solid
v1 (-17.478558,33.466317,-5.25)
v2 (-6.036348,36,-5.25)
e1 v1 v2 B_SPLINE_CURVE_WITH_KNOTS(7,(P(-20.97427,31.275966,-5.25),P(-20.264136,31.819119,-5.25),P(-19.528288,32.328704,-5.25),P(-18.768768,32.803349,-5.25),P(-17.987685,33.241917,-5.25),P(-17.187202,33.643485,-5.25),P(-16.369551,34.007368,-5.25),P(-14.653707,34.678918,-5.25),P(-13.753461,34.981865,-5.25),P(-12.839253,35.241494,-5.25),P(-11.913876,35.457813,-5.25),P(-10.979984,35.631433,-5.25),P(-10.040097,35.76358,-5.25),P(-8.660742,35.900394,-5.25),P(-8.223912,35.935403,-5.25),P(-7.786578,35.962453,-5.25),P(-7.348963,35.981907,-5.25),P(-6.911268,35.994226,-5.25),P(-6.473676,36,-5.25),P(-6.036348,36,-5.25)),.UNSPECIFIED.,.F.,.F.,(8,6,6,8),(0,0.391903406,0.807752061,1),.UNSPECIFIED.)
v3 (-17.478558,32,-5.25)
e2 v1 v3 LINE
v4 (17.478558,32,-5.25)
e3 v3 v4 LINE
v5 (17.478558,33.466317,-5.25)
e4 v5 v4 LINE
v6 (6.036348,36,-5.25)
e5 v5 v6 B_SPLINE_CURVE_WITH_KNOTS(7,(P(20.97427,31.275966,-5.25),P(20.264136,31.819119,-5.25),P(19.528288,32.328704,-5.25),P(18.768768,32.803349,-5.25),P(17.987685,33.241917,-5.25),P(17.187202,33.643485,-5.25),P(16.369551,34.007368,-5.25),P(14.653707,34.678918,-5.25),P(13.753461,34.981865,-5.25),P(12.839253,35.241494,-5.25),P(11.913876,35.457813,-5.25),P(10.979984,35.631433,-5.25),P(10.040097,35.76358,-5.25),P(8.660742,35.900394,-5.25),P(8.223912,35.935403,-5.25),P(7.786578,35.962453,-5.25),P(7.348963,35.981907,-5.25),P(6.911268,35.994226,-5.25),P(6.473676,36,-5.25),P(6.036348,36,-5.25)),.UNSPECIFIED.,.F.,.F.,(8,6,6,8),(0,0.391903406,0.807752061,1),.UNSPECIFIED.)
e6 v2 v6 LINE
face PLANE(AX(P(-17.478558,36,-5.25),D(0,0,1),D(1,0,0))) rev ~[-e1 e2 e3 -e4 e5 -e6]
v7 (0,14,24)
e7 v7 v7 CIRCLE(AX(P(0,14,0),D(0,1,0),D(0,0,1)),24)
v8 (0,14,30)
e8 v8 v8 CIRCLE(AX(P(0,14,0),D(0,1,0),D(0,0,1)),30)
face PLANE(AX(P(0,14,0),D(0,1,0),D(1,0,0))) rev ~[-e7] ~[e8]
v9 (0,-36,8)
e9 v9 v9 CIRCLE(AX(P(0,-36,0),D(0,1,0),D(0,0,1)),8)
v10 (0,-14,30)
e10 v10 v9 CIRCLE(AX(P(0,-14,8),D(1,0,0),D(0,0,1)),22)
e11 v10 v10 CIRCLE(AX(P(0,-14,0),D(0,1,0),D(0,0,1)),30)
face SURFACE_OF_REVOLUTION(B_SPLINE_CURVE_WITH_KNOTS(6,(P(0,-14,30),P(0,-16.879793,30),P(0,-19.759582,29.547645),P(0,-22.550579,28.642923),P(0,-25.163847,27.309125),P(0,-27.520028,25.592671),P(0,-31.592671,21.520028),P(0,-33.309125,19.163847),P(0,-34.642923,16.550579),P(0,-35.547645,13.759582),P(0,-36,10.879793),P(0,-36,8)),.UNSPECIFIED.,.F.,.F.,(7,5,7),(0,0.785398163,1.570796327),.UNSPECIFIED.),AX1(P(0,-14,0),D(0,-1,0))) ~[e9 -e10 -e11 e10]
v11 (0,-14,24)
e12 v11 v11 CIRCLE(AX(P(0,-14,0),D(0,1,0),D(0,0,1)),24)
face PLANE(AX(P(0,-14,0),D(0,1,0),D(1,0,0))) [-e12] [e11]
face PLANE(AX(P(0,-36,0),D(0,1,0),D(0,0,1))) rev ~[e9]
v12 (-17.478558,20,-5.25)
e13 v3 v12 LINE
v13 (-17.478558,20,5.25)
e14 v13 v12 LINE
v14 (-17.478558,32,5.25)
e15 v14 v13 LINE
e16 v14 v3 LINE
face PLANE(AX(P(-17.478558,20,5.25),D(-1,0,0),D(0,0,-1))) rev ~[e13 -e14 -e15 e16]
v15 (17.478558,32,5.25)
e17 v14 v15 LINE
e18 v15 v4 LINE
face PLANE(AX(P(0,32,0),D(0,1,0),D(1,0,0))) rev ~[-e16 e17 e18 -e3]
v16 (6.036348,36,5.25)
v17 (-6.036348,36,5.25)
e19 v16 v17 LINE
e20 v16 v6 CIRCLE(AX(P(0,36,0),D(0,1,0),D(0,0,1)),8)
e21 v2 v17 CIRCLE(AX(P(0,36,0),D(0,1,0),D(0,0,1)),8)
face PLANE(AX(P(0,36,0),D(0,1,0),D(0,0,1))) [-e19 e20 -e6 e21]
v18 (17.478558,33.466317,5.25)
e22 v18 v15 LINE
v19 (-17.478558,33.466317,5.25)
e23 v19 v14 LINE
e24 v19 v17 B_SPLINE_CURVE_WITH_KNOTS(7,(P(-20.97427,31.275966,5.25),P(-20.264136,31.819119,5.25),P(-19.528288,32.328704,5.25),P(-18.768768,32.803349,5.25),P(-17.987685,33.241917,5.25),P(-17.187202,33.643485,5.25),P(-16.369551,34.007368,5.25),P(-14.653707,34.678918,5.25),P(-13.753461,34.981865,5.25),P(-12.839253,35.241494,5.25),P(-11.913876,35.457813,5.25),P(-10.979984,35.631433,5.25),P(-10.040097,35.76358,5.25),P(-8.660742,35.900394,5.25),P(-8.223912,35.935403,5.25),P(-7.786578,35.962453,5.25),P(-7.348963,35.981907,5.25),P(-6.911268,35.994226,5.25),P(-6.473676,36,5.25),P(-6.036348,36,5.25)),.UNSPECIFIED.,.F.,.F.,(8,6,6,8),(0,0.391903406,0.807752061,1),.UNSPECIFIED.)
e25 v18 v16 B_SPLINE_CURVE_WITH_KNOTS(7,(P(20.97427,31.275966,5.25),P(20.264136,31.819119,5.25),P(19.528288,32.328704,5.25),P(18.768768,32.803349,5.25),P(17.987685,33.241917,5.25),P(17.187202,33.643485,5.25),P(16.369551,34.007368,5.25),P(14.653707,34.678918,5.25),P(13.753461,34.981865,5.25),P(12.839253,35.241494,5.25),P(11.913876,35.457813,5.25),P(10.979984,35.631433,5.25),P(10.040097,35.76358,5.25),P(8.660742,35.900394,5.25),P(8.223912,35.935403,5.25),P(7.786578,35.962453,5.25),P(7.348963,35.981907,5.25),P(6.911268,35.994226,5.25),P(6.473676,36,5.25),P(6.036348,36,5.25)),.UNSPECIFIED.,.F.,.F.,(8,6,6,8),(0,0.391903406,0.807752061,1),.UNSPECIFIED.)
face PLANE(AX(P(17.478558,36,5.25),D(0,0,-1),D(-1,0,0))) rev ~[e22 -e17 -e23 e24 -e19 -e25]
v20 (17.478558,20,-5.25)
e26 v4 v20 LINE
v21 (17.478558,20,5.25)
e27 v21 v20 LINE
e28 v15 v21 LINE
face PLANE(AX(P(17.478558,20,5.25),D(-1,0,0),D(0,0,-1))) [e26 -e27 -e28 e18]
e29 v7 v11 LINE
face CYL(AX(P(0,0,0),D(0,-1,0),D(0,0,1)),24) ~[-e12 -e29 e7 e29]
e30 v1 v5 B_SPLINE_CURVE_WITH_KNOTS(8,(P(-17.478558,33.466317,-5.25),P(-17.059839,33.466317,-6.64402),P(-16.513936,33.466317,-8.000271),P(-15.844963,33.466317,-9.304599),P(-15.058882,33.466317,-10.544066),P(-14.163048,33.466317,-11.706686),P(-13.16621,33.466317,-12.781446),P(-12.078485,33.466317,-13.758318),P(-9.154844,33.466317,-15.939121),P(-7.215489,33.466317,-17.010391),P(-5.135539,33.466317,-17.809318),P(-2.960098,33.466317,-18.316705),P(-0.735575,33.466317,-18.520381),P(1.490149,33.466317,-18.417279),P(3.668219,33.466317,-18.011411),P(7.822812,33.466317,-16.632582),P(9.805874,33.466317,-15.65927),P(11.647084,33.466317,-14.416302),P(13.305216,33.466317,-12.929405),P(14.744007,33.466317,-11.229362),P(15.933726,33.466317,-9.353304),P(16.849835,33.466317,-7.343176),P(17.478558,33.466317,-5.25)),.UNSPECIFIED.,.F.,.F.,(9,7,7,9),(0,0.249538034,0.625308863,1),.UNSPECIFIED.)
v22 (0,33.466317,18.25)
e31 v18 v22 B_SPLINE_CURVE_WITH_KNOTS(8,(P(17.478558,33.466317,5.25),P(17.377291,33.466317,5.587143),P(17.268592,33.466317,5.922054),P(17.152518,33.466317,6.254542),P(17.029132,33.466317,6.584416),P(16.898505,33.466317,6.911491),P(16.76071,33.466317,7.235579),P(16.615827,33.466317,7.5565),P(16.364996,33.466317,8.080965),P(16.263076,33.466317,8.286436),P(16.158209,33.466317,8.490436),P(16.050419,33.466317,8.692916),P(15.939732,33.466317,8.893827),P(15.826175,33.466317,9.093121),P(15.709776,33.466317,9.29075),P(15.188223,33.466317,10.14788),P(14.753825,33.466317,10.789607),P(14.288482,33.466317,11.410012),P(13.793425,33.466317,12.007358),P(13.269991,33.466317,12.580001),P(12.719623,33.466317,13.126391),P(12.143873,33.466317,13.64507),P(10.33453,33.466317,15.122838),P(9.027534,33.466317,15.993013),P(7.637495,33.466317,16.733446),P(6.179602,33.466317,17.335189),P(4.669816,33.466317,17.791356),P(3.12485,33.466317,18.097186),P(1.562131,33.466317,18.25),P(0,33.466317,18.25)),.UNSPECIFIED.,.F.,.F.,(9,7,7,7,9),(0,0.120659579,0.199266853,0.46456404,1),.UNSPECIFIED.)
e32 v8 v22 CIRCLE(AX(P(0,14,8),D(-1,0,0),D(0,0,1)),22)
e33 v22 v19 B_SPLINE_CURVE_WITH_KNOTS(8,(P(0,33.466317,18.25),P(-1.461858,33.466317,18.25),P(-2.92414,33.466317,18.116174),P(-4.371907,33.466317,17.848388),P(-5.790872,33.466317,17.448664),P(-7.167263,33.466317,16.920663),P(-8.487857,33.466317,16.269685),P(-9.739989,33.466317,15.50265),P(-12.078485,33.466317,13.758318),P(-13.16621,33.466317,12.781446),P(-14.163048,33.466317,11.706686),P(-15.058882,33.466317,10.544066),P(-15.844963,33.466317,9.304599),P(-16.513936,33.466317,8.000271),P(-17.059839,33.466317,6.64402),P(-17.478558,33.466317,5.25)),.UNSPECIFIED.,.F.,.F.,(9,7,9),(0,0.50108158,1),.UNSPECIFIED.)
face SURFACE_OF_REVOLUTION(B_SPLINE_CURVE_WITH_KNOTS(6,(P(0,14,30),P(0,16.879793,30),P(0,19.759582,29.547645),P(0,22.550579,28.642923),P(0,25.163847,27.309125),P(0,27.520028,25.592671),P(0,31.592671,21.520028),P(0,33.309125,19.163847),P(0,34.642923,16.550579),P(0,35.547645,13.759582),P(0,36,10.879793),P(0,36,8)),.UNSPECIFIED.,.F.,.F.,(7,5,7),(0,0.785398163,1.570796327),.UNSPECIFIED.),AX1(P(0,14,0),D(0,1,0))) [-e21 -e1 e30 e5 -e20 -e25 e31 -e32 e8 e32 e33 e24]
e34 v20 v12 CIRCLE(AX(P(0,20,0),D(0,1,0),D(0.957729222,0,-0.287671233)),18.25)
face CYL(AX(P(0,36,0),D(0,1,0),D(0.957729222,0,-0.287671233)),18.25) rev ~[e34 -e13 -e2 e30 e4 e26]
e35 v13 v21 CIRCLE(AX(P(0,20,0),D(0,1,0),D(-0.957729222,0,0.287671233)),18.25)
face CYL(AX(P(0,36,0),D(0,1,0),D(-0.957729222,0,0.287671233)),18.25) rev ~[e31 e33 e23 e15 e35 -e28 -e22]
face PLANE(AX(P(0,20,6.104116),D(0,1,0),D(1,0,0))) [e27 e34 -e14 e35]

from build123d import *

# Parameters (mm, degrees)
SKETCH1_R           = 30
BOSS_EXTRUDE1_DEPTH = 36
FILLET1_R           = 22
FILLET2_R           = 22
SKETCH3_OUTSIDE_W   = 84.256
SKETCH3_OUTSIDE_H   = 84.256
SKETCH3_OUTSIDE_R   = 24
CUT_EXTRUDE2_DEPTH  = 14
CUT_EXTRUDE3_DEPTH  = 16
SKETCH6_W           = 34.957116586
SKETCH6_H           = 10.5
CUT_EXTRUDE9_DEPTH  = 12


with BuildPart() as part:
    # Sketch1 → Boss-Extrude1 (new, symmetric)
    with BuildSketch(Plane(origin=(0, 0, 0), x_dir=(1, 0, 0), z_dir=(0, 1, 0))):
        with Locations(Location((0, 0, 0), (0, 0, 270))):
            Circle(SKETCH1_R)
    extrude(amount=BOSS_EXTRUDE1_DEPTH, both=True)

    # Fillet1
    fillet1_edges = [part.edges().sort_by_distance(p)[0] for p in [
        (0, 36, -30),
    ]]
    fillet(fillet1_edges, radius=FILLET1_R)

    # Fillet2
    fillet2_edges = [part.edges().sort_by_distance(p)[0] for p in [
        (0, -36, -30),
    ]]
    fillet(fillet2_edges, radius=FILLET2_R)

    # Sketch3 outside → Cut-Extrude2 (cut, symmetric)
    with BuildSketch(Plane(origin=(0, 0, 0), x_dir=(1, 0, 0), z_dir=(0, 1, 0))):
        Rectangle(SKETCH3_OUTSIDE_W, SKETCH3_OUTSIDE_H)
        with Locations(Location((0, 0, 0), (0, 0, 270))):
            Circle(SKETCH3_OUTSIDE_R, mode=Mode.SUBTRACT)
    extrude(amount=CUT_EXTRUDE2_DEPTH, both=True, mode=Mode.SUBTRACT)

    # Sketch4 → Cut-Extrude3 (cut)
    with BuildSketch(Plane(origin=(0, 36, 0), x_dir=(1, 0, 0), z_dir=(0, 1, 0))):
        with BuildLine():
            ThreePointArc((6.036348234, 5.25), (0, 8), (-6.036348234, 5.25))
            Line((-6.036348234, 5.25), (6.036348234, 5.25))
        make_face()
        with BuildLine():
            ThreePointArc((17.478558293, 5.25), (0, 18.25), (-17.478558293, 5.25))
            Line((-17.478558293, 5.25), (-6.036348234, 5.25))
            ThreePointArc((-6.036348234, 5.25), (0, 8), (6.036348234, 5.25))
            Line((6.036348234, 5.25), (17.478558293, 5.25))
        make_face()
        with BuildLine():
            Line((6.036348234, -5.25), (-6.036348234, -5.25))
            ThreePointArc((-6.036348234, -5.25), (0, -8), (6.036348234, -5.25))
        make_face()
        with BuildLine():
            Line((-6.036348234, -5.25), (-17.478558293, -5.25))
            ThreePointArc((-17.478558293, -5.25), (0, -18.25), (17.478558293, -5.25))
            Line((17.478558293, -5.25), (6.036348234, -5.25))
            ThreePointArc((6.036348234, -5.25), (0, -8), (-6.036348234, -5.25))
        make_face()
    extrude(amount=-CUT_EXTRUDE3_DEPTH, mode=Mode.SUBTRACT)

    # Sketch6 → Cut-Extrude9 (cut)
    with BuildSketch(Plane(origin=(0, 20, 0), x_dir=(1, 0, 0), z_dir=(0, 1, 0))):
        Rectangle(SKETCH6_W, SKETCH6_H)
    extrude(amount=CUT_EXTRUDE9_DEPTH, mode=Mode.SUBTRACT)


solid = part.part
